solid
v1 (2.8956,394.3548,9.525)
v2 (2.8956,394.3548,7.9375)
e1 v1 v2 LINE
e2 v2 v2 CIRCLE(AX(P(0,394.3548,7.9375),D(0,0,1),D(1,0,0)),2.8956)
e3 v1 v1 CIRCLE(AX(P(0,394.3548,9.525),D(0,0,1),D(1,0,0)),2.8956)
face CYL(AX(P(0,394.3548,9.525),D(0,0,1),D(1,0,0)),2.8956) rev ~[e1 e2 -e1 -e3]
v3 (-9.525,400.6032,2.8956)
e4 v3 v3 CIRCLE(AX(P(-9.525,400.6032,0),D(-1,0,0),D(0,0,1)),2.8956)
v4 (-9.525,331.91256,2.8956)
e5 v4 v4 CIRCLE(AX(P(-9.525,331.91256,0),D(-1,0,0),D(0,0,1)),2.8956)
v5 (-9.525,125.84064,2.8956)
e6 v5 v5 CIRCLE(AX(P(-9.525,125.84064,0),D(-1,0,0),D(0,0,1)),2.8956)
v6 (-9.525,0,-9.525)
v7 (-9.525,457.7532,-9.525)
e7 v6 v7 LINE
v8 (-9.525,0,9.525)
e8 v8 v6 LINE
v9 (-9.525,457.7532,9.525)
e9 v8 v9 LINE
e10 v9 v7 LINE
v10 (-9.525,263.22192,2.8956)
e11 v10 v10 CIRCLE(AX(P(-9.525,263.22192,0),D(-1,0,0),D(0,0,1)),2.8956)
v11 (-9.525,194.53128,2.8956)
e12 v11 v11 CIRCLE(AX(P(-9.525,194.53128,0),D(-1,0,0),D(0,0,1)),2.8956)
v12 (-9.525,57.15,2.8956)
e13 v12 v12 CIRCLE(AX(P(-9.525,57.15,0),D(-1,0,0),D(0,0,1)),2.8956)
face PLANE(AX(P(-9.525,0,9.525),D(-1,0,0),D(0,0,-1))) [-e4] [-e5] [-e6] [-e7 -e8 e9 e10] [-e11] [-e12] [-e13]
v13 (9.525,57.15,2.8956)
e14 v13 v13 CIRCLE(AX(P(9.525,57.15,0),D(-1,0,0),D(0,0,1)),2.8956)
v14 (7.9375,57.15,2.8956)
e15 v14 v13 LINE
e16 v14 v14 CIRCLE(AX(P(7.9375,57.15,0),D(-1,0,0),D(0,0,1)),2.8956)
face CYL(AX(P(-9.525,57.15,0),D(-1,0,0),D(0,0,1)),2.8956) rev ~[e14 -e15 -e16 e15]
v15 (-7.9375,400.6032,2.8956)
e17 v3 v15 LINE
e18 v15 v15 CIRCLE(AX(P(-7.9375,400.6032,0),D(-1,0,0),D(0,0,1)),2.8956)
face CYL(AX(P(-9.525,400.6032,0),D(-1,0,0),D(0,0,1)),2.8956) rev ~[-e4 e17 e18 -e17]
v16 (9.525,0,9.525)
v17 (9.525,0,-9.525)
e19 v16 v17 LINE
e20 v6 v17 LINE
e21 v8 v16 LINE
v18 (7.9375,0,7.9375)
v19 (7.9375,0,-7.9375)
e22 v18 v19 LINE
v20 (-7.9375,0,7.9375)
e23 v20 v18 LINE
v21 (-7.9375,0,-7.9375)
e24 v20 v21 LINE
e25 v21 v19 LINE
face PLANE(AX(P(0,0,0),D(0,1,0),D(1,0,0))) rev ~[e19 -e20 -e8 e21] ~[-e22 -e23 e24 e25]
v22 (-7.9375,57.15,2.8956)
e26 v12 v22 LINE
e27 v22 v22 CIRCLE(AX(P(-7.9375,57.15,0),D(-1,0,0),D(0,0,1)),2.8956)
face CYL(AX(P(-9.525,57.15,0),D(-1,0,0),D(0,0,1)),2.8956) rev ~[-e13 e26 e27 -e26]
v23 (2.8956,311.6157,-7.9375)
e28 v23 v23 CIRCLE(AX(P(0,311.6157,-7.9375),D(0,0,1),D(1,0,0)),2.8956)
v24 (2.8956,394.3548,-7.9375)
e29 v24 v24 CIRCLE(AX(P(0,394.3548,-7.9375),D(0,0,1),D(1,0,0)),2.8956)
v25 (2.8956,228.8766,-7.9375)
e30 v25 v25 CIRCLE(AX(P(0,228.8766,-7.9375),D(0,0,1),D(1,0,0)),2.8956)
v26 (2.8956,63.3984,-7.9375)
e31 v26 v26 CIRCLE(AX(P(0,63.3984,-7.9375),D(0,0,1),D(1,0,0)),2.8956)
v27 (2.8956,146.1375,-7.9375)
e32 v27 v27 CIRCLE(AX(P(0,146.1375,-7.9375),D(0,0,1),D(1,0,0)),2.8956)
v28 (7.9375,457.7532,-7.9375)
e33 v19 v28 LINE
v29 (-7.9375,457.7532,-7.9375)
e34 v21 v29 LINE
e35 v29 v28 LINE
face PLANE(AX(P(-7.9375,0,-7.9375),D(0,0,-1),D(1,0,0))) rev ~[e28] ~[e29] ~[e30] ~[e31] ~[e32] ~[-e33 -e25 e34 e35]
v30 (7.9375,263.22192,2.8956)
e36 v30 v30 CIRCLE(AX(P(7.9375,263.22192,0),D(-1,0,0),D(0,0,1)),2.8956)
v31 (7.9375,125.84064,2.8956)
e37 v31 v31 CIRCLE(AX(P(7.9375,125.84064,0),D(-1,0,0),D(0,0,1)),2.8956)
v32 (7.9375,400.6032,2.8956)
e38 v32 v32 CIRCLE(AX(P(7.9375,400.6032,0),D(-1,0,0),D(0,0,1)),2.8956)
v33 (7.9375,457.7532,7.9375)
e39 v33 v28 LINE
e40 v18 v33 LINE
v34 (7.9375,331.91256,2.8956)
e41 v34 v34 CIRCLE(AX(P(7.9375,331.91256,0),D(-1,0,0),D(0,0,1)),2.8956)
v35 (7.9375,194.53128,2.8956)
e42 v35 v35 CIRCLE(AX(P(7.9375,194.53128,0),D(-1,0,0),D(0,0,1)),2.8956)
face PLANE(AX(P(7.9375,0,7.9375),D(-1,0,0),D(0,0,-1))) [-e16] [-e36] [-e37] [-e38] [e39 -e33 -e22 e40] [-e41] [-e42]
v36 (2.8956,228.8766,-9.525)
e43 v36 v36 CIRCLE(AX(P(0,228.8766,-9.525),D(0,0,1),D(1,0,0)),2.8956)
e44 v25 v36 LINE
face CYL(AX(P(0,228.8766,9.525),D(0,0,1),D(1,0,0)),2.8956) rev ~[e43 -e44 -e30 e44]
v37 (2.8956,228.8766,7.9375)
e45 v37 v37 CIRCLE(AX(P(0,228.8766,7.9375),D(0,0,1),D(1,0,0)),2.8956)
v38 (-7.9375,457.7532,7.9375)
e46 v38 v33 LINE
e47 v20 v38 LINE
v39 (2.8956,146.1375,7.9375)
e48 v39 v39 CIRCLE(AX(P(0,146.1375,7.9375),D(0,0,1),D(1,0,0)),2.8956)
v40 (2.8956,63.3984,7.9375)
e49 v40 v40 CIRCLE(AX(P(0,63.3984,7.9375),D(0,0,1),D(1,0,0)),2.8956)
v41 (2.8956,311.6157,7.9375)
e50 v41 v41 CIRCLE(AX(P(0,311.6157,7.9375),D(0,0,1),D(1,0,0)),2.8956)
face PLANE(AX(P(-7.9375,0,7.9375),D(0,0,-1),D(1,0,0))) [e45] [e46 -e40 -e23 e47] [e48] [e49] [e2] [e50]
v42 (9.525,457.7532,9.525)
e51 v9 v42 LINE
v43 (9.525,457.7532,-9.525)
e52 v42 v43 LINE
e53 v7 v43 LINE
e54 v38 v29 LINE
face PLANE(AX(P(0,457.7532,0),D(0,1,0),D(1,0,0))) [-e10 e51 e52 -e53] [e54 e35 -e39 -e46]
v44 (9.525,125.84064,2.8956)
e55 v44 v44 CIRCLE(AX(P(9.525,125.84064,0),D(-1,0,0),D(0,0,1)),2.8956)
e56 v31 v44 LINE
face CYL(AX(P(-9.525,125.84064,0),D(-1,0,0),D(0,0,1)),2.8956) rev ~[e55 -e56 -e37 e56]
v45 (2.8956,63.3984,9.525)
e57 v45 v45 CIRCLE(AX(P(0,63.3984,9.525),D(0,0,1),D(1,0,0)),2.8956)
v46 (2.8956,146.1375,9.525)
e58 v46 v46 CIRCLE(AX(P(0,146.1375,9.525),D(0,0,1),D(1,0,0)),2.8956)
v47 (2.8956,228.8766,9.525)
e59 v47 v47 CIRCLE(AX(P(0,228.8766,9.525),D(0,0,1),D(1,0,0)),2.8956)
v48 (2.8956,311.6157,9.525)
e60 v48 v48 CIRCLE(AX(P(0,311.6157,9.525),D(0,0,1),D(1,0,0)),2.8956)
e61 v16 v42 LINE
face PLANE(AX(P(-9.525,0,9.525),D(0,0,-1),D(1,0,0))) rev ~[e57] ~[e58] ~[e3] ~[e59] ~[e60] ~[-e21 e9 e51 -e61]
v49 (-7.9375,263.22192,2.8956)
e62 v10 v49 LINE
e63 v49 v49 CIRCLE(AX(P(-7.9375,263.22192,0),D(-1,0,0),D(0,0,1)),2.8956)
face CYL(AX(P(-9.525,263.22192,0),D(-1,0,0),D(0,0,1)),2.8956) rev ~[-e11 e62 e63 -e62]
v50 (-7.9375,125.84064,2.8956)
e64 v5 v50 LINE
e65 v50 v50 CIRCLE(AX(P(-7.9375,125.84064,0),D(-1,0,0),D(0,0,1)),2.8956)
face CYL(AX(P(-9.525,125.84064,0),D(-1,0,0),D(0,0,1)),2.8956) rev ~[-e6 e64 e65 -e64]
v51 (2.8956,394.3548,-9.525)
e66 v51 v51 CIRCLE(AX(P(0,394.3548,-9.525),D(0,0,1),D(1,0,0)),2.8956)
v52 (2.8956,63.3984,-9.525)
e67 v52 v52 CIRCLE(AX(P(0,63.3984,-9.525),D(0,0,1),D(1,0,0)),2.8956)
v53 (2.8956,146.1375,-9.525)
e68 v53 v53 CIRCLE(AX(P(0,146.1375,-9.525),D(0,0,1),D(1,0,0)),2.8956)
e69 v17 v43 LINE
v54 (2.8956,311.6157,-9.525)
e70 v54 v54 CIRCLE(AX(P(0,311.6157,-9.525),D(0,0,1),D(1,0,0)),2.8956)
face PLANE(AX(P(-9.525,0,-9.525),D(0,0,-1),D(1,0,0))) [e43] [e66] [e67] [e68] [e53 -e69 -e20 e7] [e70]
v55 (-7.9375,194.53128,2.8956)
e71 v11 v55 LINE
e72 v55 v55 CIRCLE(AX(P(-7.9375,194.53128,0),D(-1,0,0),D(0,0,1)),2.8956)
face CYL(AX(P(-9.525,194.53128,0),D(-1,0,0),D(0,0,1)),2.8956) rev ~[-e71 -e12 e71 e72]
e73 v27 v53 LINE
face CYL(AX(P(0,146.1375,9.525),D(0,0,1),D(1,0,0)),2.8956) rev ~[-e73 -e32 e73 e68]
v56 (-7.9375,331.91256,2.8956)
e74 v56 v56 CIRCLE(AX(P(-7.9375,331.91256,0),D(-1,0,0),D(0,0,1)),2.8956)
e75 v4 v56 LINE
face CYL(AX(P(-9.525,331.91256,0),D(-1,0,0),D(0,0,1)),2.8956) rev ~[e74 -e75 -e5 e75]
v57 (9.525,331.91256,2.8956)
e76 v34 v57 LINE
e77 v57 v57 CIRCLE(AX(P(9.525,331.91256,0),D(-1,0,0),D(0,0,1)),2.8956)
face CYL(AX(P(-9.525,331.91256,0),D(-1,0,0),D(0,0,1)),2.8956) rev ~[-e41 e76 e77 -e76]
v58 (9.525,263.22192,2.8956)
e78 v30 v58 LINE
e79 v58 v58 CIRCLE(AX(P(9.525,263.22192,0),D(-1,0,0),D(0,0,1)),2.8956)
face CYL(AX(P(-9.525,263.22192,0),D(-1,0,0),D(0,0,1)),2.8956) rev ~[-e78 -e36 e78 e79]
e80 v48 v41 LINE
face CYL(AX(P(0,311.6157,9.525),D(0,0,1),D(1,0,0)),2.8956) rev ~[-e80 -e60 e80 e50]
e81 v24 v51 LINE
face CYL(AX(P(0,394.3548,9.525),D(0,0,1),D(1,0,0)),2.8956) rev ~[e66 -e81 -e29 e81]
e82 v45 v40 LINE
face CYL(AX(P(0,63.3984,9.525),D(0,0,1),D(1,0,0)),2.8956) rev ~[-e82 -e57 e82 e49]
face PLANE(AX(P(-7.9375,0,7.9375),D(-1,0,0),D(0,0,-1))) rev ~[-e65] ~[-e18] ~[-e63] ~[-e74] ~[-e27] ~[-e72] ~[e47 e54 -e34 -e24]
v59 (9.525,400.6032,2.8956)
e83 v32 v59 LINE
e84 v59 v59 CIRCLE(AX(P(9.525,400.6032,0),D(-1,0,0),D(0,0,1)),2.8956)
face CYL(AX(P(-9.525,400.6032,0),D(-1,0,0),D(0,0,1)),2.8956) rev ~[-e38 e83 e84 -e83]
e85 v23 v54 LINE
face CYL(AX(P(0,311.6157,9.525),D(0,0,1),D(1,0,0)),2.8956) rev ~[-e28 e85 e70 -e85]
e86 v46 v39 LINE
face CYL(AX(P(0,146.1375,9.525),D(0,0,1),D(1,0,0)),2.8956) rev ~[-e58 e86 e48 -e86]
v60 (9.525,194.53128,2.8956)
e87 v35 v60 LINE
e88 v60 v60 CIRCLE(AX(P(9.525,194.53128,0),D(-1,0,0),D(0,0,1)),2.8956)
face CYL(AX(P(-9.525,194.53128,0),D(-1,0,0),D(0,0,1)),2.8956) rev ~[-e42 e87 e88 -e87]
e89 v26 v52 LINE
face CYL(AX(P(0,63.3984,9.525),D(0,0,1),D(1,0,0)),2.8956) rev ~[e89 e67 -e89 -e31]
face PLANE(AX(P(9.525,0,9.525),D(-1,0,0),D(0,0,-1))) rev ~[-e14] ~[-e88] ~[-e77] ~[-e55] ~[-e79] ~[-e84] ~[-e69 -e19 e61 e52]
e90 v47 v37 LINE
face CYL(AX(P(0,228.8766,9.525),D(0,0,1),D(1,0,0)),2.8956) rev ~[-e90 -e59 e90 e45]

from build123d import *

# Parameters (mm, degrees)
SKETCH1_W                 = 19.05
SKETCH1_H                 = 19.05
SKETCH1_W_2               = 15.875
SKETCH1_H_2               = 15.875
TUBE_DEPTH                = 457.753199808
SKETCH2_R                 = 2.8956
TOPPLATEHOLES_DEPTH       = 459.24842614
LPATTERN1_COUNT           = 5
LPATTERN1_PITCH           = 82.739099952
SKETCH3_R                 = 2.8956
SIDEPLATEHOLEMASTER_DEPTH = 459.24842614
LPATTERN2_COUNT           = 6
LPATTERN2_PITCH           = 68.690639962


with BuildPart() as part:
    # Sketch1 → Tube (new body)
    with BuildSketch(Plane(origin=(0, 0, 0), x_dir=(1, 0, 0), z_dir=(0, 1, 0))):
        Rectangle(SKETCH1_W, SKETCH1_H)
        Rectangle(SKETCH1_W_2, SKETCH1_H_2, mode=Mode.SUBTRACT)
    extrude(amount=TUBE_DEPTH)

    # Sketch2 → TopPlateHoles (cut, through all)
    with BuildSketch(Plane.XY.offset(9.525)):
        with Locations((0, 394.354799808)):
            Circle(SKETCH2_R)
    topplateholes = extrude(amount=-TOPPLATEHOLES_DEPTH, mode=Mode.SUBTRACT)

    # LPattern1: TopPlateHoles ×5
    with Locations(*[(0, -i * LPATTERN1_PITCH, 0) for i in range(1, LPATTERN1_COUNT)]):
        add(topplateholes, mode=Mode.SUBTRACT)

    # Sketch3 → SidePlateHoleMaster (cut, through all)
    with BuildSketch(Plane.ZY.offset(9.525)):
        with Locations((0, 400.603199808)):
            Circle(SKETCH3_R)
    sideplateholemaster = extrude(amount=-SIDEPLATEHOLEMASTER_DEPTH, mode=Mode.SUBTRACT)

    # LPattern2: SidePlateHoleMaster ×6
    with Locations(*[(0, -i * LPATTERN2_PITCH, 0) for i in range(1, LPATTERN2_COUNT)]):
        add(sideplateholemaster, mode=Mode.SUBTRACT)


solid = part.part
